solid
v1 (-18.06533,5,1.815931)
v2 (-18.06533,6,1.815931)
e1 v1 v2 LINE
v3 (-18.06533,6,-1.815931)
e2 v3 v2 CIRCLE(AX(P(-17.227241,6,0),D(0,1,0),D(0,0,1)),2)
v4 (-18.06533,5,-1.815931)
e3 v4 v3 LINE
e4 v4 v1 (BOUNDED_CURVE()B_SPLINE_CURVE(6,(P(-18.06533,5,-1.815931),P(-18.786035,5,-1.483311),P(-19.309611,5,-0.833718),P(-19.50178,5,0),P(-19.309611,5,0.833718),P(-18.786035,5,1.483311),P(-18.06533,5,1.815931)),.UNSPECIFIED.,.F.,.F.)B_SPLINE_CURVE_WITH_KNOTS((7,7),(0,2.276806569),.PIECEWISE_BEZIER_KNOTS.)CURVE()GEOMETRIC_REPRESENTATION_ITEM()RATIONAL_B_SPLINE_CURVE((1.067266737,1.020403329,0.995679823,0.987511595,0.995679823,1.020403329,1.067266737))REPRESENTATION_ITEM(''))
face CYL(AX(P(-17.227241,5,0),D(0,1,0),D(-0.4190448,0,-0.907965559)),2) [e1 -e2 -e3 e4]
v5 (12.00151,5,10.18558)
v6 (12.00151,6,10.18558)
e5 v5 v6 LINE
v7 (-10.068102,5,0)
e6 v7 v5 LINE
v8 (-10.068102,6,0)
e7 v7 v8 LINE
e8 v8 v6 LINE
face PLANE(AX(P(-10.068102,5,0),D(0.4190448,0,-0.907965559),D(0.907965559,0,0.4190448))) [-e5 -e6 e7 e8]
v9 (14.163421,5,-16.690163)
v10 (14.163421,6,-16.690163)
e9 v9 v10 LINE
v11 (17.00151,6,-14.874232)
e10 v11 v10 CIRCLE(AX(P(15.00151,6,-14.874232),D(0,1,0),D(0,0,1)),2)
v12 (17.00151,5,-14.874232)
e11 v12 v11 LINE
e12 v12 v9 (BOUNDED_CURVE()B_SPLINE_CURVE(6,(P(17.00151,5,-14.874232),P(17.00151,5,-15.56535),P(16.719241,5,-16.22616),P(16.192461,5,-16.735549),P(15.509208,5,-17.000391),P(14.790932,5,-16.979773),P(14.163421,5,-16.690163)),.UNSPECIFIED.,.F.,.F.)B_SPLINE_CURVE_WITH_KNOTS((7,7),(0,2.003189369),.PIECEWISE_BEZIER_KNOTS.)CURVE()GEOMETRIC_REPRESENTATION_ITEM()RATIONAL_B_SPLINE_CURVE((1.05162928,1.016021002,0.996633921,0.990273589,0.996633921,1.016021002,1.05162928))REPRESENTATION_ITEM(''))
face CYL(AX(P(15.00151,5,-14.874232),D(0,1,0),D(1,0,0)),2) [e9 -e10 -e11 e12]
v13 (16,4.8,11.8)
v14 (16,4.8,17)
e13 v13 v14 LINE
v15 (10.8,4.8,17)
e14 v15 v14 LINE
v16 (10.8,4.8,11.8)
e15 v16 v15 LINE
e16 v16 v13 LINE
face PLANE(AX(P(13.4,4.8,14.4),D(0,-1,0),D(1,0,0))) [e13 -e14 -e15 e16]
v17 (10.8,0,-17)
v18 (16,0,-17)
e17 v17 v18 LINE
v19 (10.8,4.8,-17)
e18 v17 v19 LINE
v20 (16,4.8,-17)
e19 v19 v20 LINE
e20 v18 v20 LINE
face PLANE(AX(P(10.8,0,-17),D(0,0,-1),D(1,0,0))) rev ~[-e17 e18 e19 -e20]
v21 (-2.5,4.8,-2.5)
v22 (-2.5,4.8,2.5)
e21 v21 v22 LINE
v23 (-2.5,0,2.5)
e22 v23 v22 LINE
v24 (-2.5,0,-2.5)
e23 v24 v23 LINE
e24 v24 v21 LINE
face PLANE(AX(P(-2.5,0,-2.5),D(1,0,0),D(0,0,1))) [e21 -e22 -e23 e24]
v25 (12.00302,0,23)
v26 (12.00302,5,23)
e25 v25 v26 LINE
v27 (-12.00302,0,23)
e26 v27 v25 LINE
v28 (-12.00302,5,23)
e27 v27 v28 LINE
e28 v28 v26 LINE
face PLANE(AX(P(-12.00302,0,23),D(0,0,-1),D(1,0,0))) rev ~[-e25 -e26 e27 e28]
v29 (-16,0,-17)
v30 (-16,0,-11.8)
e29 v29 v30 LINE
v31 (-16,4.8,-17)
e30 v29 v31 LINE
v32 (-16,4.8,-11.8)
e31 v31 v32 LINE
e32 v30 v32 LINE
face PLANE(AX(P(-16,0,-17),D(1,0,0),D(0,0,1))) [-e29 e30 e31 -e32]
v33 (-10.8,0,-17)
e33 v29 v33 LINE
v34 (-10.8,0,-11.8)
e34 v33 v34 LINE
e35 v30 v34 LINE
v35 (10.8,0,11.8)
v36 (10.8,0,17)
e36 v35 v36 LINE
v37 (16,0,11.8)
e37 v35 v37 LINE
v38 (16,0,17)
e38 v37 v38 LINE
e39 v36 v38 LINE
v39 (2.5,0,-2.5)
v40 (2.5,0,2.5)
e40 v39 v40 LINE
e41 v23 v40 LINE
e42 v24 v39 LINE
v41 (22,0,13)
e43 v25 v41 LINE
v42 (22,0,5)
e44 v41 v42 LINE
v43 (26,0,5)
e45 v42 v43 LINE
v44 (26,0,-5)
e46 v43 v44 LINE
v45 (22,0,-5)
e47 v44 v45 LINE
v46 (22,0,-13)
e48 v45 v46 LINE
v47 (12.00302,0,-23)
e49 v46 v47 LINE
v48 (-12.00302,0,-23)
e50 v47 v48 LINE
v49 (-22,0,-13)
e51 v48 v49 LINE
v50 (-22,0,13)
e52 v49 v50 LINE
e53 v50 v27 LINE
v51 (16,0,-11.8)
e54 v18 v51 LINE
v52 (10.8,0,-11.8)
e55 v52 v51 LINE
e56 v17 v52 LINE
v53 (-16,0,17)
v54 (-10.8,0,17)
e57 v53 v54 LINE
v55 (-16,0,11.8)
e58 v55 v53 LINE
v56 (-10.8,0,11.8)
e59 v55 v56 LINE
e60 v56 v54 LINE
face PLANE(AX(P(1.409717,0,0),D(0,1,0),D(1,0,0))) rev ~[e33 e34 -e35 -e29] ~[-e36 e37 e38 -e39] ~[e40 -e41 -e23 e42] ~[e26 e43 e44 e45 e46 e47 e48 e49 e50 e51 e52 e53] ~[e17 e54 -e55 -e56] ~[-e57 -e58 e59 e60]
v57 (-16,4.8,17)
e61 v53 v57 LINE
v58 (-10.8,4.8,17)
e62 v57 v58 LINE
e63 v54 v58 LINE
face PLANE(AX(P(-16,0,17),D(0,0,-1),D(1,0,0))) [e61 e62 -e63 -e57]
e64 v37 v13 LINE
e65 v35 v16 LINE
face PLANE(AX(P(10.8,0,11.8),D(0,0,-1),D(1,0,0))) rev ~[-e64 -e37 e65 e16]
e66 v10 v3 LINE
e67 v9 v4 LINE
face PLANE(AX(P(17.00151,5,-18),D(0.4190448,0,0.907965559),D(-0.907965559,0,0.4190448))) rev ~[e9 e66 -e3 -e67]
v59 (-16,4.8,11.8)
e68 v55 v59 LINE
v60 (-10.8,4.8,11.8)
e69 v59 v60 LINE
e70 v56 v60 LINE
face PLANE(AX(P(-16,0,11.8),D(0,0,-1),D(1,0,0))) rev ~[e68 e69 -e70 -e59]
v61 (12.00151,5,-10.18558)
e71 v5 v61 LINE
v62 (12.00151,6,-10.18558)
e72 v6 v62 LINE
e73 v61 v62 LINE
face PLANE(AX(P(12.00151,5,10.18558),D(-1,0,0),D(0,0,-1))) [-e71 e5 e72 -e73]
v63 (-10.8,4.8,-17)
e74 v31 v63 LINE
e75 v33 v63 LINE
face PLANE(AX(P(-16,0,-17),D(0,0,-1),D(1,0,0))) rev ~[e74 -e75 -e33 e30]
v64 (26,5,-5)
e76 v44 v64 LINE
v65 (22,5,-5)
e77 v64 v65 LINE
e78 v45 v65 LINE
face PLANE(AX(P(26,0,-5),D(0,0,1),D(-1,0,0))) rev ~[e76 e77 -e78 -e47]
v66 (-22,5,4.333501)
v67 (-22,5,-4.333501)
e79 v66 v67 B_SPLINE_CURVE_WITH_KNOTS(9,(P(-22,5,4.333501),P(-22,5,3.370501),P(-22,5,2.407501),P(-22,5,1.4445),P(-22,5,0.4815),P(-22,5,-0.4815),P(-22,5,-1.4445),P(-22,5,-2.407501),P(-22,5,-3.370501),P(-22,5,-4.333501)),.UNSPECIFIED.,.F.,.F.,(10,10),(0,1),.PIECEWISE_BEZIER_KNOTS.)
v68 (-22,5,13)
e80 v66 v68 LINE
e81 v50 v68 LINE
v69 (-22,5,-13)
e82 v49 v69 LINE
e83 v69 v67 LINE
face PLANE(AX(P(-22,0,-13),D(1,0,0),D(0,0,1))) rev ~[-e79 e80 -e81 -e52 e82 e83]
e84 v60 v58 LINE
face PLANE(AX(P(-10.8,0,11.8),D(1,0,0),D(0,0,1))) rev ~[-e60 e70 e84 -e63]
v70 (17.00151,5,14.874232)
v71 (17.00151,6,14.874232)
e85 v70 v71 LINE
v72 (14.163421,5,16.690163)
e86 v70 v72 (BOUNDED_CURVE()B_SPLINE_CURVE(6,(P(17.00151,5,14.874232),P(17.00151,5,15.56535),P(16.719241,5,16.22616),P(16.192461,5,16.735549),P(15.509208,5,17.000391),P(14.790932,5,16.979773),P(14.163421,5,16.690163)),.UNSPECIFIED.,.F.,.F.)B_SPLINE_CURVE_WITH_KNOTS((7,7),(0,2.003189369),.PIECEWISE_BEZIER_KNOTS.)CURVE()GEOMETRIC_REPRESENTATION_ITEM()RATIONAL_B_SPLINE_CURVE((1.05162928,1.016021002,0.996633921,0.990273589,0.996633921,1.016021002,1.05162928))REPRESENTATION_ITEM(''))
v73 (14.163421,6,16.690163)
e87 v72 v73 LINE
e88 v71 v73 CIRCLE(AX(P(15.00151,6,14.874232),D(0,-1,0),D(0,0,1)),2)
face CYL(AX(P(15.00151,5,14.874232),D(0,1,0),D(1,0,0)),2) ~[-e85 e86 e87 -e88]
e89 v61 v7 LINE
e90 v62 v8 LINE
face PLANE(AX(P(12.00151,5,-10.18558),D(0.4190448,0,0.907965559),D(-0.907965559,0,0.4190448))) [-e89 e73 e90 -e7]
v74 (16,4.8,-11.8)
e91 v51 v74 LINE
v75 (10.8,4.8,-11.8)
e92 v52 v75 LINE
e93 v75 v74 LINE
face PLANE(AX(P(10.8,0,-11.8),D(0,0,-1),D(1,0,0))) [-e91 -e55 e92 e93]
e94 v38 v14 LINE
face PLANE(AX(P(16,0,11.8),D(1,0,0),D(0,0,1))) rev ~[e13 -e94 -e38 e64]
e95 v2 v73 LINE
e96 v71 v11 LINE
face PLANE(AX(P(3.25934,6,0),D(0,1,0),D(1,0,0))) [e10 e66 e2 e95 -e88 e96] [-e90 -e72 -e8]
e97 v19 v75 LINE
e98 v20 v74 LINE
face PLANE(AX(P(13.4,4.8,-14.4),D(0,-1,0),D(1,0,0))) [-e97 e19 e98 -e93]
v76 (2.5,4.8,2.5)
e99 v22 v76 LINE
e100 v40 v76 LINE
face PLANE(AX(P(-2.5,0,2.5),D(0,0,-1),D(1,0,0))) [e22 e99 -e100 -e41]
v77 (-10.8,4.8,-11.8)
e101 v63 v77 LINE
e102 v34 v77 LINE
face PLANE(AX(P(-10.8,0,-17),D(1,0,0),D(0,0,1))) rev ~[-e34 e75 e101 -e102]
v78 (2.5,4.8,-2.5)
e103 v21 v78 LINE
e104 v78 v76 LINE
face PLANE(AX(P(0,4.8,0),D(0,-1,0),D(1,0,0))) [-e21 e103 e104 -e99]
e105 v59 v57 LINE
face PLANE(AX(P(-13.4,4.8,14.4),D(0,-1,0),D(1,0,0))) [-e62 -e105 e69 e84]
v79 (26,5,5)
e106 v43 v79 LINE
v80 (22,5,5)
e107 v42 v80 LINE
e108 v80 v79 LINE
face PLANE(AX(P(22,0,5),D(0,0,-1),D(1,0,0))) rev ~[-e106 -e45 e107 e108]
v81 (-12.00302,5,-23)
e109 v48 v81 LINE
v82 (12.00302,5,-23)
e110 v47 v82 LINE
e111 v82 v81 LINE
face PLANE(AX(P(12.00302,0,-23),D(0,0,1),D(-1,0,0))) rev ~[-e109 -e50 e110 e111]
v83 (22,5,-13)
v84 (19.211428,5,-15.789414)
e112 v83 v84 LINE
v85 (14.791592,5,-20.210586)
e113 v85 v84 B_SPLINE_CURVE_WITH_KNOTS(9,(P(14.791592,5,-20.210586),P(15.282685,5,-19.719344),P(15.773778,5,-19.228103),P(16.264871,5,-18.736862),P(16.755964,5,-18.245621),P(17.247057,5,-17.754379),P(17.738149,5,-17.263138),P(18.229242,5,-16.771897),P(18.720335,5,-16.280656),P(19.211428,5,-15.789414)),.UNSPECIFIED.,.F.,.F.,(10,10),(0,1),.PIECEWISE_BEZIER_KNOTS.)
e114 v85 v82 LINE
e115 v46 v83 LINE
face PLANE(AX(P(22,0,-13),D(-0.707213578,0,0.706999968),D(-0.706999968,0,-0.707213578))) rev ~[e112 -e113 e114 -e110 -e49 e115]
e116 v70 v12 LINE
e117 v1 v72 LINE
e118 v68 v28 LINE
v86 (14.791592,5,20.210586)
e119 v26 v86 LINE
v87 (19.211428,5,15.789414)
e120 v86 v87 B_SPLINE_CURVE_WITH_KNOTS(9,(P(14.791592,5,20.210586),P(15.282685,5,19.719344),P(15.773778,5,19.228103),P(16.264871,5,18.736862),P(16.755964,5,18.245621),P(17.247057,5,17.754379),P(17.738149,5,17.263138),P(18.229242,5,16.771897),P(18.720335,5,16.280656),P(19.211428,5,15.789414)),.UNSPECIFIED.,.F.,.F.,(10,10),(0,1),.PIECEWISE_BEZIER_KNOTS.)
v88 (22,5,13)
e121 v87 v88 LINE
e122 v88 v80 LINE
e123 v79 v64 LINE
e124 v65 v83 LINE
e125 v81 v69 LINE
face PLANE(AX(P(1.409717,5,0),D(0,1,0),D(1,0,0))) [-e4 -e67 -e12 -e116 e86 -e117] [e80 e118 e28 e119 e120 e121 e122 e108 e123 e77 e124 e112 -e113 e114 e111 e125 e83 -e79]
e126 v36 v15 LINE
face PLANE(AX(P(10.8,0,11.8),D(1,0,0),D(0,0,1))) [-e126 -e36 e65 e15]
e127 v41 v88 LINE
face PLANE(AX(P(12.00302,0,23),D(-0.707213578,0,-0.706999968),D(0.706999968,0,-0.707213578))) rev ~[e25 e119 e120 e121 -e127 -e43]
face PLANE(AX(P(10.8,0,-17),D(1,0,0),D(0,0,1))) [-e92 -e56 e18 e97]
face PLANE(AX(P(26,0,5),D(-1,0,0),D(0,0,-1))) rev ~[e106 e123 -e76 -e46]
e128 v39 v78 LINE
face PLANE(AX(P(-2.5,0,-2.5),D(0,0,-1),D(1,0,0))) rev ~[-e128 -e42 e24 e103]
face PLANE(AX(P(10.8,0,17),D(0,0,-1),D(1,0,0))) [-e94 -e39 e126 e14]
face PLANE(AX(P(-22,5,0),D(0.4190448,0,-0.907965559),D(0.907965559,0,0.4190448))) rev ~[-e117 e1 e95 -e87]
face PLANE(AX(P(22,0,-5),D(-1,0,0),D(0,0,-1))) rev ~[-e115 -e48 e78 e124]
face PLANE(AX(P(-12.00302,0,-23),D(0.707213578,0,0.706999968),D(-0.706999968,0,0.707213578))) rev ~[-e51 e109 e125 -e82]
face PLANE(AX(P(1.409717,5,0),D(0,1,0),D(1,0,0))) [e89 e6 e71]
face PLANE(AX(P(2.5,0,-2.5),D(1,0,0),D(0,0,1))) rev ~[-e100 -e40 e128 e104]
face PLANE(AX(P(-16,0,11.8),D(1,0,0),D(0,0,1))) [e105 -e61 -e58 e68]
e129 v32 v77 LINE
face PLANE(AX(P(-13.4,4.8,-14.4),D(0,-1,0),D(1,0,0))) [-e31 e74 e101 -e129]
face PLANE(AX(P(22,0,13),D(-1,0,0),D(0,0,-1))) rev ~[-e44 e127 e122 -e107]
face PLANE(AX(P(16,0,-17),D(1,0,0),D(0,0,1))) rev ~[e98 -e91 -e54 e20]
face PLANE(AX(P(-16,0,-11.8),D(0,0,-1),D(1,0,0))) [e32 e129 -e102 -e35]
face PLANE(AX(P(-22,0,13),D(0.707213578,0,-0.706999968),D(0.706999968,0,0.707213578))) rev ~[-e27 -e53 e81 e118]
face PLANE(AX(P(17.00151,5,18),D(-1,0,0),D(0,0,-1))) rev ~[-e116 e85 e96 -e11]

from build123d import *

# Parameters (mm, degrees)
BOSS_EXTRU_1_DEPTH      = 5
BOSS_EXTRU_2_DEPTH      = 1
ESQUISSE3_W             = 5.2
ESQUISSE3_H             = 5.2
ESQUISSE3_W_2           = 5
ESQUISSE3_H_2           = 5
ENL_V_MAT_EXTRU_1_DEPTH = 4.8
CONG_4_R                = 2


with BuildPart() as part:
    # Esquisse1 → Boss.-Extru.1 (new body)
    with BuildSketch(Plane(origin=(0, 0, 0), x_dir=(1, 0, 0), z_dir=(0, 1, 0))):
        Polygon((22, 13), (12.003020456, 23), (-12.003020456, 23), (-22, 13), (-22, -13), (-12.003020456, -23), (12.003020456, -23), (22, -13), (22, -5), (26, -5), (26, 5), (22, 5), align=None)
    extrude(amount=BOSS_EXTRU_1_DEPTH)

    # Esquisse2 → Boss.-Extru.2 (add)
    with BuildSketch(Plane(origin=(0, 5, 0), x_dir=(1, 0, 0), z_dir=(0, 1, 0))):
        Polygon((17.001510228, -18), (17.001510228, 18), (-22, 0), align=None)
        Polygon((-10.06810155, 0), (12.001510228, -10.185580242), (12.001510228, 10.185580242), align=None, mode=Mode.SUBTRACT)
    extrude(amount=BOSS_EXTRU_2_DEPTH)

    # Esquisse3 → Enlèv. mat.-Extru.1 (cut)
    with BuildSketch(Plane.XZ):
        with Locations((-13.4, 14.4)):
            Rectangle(ESQUISSE3_W, ESQUISSE3_H)
        with Locations((-13.4, -14.4)):
            Rectangle(ESQUISSE3_W, ESQUISSE3_H)
        with Locations((13.4, -14.4)):
            Rectangle(ESQUISSE3_W, ESQUISSE3_H)
        with Locations((13.4, 14.4)):
            Rectangle(ESQUISSE3_W, ESQUISSE3_H)
        Rectangle(ESQUISSE3_W_2, ESQUISSE3_H_2)
    extrude(amount=-ENL_V_MAT_EXTRU_1_DEPTH, mode=Mode.SUBTRACT)

    # Congé4
    cong_4_edges = [part.edges().sort_by_distance(p)[0] for p in [
        (-22, 5.5, 0),
        (17.001510228, 5.5, 18),
        (17.001510228, 5.5, -18),
    ]]
    fillet(cong_4_edges, radius=CONG_4_R)


solid = part.part
